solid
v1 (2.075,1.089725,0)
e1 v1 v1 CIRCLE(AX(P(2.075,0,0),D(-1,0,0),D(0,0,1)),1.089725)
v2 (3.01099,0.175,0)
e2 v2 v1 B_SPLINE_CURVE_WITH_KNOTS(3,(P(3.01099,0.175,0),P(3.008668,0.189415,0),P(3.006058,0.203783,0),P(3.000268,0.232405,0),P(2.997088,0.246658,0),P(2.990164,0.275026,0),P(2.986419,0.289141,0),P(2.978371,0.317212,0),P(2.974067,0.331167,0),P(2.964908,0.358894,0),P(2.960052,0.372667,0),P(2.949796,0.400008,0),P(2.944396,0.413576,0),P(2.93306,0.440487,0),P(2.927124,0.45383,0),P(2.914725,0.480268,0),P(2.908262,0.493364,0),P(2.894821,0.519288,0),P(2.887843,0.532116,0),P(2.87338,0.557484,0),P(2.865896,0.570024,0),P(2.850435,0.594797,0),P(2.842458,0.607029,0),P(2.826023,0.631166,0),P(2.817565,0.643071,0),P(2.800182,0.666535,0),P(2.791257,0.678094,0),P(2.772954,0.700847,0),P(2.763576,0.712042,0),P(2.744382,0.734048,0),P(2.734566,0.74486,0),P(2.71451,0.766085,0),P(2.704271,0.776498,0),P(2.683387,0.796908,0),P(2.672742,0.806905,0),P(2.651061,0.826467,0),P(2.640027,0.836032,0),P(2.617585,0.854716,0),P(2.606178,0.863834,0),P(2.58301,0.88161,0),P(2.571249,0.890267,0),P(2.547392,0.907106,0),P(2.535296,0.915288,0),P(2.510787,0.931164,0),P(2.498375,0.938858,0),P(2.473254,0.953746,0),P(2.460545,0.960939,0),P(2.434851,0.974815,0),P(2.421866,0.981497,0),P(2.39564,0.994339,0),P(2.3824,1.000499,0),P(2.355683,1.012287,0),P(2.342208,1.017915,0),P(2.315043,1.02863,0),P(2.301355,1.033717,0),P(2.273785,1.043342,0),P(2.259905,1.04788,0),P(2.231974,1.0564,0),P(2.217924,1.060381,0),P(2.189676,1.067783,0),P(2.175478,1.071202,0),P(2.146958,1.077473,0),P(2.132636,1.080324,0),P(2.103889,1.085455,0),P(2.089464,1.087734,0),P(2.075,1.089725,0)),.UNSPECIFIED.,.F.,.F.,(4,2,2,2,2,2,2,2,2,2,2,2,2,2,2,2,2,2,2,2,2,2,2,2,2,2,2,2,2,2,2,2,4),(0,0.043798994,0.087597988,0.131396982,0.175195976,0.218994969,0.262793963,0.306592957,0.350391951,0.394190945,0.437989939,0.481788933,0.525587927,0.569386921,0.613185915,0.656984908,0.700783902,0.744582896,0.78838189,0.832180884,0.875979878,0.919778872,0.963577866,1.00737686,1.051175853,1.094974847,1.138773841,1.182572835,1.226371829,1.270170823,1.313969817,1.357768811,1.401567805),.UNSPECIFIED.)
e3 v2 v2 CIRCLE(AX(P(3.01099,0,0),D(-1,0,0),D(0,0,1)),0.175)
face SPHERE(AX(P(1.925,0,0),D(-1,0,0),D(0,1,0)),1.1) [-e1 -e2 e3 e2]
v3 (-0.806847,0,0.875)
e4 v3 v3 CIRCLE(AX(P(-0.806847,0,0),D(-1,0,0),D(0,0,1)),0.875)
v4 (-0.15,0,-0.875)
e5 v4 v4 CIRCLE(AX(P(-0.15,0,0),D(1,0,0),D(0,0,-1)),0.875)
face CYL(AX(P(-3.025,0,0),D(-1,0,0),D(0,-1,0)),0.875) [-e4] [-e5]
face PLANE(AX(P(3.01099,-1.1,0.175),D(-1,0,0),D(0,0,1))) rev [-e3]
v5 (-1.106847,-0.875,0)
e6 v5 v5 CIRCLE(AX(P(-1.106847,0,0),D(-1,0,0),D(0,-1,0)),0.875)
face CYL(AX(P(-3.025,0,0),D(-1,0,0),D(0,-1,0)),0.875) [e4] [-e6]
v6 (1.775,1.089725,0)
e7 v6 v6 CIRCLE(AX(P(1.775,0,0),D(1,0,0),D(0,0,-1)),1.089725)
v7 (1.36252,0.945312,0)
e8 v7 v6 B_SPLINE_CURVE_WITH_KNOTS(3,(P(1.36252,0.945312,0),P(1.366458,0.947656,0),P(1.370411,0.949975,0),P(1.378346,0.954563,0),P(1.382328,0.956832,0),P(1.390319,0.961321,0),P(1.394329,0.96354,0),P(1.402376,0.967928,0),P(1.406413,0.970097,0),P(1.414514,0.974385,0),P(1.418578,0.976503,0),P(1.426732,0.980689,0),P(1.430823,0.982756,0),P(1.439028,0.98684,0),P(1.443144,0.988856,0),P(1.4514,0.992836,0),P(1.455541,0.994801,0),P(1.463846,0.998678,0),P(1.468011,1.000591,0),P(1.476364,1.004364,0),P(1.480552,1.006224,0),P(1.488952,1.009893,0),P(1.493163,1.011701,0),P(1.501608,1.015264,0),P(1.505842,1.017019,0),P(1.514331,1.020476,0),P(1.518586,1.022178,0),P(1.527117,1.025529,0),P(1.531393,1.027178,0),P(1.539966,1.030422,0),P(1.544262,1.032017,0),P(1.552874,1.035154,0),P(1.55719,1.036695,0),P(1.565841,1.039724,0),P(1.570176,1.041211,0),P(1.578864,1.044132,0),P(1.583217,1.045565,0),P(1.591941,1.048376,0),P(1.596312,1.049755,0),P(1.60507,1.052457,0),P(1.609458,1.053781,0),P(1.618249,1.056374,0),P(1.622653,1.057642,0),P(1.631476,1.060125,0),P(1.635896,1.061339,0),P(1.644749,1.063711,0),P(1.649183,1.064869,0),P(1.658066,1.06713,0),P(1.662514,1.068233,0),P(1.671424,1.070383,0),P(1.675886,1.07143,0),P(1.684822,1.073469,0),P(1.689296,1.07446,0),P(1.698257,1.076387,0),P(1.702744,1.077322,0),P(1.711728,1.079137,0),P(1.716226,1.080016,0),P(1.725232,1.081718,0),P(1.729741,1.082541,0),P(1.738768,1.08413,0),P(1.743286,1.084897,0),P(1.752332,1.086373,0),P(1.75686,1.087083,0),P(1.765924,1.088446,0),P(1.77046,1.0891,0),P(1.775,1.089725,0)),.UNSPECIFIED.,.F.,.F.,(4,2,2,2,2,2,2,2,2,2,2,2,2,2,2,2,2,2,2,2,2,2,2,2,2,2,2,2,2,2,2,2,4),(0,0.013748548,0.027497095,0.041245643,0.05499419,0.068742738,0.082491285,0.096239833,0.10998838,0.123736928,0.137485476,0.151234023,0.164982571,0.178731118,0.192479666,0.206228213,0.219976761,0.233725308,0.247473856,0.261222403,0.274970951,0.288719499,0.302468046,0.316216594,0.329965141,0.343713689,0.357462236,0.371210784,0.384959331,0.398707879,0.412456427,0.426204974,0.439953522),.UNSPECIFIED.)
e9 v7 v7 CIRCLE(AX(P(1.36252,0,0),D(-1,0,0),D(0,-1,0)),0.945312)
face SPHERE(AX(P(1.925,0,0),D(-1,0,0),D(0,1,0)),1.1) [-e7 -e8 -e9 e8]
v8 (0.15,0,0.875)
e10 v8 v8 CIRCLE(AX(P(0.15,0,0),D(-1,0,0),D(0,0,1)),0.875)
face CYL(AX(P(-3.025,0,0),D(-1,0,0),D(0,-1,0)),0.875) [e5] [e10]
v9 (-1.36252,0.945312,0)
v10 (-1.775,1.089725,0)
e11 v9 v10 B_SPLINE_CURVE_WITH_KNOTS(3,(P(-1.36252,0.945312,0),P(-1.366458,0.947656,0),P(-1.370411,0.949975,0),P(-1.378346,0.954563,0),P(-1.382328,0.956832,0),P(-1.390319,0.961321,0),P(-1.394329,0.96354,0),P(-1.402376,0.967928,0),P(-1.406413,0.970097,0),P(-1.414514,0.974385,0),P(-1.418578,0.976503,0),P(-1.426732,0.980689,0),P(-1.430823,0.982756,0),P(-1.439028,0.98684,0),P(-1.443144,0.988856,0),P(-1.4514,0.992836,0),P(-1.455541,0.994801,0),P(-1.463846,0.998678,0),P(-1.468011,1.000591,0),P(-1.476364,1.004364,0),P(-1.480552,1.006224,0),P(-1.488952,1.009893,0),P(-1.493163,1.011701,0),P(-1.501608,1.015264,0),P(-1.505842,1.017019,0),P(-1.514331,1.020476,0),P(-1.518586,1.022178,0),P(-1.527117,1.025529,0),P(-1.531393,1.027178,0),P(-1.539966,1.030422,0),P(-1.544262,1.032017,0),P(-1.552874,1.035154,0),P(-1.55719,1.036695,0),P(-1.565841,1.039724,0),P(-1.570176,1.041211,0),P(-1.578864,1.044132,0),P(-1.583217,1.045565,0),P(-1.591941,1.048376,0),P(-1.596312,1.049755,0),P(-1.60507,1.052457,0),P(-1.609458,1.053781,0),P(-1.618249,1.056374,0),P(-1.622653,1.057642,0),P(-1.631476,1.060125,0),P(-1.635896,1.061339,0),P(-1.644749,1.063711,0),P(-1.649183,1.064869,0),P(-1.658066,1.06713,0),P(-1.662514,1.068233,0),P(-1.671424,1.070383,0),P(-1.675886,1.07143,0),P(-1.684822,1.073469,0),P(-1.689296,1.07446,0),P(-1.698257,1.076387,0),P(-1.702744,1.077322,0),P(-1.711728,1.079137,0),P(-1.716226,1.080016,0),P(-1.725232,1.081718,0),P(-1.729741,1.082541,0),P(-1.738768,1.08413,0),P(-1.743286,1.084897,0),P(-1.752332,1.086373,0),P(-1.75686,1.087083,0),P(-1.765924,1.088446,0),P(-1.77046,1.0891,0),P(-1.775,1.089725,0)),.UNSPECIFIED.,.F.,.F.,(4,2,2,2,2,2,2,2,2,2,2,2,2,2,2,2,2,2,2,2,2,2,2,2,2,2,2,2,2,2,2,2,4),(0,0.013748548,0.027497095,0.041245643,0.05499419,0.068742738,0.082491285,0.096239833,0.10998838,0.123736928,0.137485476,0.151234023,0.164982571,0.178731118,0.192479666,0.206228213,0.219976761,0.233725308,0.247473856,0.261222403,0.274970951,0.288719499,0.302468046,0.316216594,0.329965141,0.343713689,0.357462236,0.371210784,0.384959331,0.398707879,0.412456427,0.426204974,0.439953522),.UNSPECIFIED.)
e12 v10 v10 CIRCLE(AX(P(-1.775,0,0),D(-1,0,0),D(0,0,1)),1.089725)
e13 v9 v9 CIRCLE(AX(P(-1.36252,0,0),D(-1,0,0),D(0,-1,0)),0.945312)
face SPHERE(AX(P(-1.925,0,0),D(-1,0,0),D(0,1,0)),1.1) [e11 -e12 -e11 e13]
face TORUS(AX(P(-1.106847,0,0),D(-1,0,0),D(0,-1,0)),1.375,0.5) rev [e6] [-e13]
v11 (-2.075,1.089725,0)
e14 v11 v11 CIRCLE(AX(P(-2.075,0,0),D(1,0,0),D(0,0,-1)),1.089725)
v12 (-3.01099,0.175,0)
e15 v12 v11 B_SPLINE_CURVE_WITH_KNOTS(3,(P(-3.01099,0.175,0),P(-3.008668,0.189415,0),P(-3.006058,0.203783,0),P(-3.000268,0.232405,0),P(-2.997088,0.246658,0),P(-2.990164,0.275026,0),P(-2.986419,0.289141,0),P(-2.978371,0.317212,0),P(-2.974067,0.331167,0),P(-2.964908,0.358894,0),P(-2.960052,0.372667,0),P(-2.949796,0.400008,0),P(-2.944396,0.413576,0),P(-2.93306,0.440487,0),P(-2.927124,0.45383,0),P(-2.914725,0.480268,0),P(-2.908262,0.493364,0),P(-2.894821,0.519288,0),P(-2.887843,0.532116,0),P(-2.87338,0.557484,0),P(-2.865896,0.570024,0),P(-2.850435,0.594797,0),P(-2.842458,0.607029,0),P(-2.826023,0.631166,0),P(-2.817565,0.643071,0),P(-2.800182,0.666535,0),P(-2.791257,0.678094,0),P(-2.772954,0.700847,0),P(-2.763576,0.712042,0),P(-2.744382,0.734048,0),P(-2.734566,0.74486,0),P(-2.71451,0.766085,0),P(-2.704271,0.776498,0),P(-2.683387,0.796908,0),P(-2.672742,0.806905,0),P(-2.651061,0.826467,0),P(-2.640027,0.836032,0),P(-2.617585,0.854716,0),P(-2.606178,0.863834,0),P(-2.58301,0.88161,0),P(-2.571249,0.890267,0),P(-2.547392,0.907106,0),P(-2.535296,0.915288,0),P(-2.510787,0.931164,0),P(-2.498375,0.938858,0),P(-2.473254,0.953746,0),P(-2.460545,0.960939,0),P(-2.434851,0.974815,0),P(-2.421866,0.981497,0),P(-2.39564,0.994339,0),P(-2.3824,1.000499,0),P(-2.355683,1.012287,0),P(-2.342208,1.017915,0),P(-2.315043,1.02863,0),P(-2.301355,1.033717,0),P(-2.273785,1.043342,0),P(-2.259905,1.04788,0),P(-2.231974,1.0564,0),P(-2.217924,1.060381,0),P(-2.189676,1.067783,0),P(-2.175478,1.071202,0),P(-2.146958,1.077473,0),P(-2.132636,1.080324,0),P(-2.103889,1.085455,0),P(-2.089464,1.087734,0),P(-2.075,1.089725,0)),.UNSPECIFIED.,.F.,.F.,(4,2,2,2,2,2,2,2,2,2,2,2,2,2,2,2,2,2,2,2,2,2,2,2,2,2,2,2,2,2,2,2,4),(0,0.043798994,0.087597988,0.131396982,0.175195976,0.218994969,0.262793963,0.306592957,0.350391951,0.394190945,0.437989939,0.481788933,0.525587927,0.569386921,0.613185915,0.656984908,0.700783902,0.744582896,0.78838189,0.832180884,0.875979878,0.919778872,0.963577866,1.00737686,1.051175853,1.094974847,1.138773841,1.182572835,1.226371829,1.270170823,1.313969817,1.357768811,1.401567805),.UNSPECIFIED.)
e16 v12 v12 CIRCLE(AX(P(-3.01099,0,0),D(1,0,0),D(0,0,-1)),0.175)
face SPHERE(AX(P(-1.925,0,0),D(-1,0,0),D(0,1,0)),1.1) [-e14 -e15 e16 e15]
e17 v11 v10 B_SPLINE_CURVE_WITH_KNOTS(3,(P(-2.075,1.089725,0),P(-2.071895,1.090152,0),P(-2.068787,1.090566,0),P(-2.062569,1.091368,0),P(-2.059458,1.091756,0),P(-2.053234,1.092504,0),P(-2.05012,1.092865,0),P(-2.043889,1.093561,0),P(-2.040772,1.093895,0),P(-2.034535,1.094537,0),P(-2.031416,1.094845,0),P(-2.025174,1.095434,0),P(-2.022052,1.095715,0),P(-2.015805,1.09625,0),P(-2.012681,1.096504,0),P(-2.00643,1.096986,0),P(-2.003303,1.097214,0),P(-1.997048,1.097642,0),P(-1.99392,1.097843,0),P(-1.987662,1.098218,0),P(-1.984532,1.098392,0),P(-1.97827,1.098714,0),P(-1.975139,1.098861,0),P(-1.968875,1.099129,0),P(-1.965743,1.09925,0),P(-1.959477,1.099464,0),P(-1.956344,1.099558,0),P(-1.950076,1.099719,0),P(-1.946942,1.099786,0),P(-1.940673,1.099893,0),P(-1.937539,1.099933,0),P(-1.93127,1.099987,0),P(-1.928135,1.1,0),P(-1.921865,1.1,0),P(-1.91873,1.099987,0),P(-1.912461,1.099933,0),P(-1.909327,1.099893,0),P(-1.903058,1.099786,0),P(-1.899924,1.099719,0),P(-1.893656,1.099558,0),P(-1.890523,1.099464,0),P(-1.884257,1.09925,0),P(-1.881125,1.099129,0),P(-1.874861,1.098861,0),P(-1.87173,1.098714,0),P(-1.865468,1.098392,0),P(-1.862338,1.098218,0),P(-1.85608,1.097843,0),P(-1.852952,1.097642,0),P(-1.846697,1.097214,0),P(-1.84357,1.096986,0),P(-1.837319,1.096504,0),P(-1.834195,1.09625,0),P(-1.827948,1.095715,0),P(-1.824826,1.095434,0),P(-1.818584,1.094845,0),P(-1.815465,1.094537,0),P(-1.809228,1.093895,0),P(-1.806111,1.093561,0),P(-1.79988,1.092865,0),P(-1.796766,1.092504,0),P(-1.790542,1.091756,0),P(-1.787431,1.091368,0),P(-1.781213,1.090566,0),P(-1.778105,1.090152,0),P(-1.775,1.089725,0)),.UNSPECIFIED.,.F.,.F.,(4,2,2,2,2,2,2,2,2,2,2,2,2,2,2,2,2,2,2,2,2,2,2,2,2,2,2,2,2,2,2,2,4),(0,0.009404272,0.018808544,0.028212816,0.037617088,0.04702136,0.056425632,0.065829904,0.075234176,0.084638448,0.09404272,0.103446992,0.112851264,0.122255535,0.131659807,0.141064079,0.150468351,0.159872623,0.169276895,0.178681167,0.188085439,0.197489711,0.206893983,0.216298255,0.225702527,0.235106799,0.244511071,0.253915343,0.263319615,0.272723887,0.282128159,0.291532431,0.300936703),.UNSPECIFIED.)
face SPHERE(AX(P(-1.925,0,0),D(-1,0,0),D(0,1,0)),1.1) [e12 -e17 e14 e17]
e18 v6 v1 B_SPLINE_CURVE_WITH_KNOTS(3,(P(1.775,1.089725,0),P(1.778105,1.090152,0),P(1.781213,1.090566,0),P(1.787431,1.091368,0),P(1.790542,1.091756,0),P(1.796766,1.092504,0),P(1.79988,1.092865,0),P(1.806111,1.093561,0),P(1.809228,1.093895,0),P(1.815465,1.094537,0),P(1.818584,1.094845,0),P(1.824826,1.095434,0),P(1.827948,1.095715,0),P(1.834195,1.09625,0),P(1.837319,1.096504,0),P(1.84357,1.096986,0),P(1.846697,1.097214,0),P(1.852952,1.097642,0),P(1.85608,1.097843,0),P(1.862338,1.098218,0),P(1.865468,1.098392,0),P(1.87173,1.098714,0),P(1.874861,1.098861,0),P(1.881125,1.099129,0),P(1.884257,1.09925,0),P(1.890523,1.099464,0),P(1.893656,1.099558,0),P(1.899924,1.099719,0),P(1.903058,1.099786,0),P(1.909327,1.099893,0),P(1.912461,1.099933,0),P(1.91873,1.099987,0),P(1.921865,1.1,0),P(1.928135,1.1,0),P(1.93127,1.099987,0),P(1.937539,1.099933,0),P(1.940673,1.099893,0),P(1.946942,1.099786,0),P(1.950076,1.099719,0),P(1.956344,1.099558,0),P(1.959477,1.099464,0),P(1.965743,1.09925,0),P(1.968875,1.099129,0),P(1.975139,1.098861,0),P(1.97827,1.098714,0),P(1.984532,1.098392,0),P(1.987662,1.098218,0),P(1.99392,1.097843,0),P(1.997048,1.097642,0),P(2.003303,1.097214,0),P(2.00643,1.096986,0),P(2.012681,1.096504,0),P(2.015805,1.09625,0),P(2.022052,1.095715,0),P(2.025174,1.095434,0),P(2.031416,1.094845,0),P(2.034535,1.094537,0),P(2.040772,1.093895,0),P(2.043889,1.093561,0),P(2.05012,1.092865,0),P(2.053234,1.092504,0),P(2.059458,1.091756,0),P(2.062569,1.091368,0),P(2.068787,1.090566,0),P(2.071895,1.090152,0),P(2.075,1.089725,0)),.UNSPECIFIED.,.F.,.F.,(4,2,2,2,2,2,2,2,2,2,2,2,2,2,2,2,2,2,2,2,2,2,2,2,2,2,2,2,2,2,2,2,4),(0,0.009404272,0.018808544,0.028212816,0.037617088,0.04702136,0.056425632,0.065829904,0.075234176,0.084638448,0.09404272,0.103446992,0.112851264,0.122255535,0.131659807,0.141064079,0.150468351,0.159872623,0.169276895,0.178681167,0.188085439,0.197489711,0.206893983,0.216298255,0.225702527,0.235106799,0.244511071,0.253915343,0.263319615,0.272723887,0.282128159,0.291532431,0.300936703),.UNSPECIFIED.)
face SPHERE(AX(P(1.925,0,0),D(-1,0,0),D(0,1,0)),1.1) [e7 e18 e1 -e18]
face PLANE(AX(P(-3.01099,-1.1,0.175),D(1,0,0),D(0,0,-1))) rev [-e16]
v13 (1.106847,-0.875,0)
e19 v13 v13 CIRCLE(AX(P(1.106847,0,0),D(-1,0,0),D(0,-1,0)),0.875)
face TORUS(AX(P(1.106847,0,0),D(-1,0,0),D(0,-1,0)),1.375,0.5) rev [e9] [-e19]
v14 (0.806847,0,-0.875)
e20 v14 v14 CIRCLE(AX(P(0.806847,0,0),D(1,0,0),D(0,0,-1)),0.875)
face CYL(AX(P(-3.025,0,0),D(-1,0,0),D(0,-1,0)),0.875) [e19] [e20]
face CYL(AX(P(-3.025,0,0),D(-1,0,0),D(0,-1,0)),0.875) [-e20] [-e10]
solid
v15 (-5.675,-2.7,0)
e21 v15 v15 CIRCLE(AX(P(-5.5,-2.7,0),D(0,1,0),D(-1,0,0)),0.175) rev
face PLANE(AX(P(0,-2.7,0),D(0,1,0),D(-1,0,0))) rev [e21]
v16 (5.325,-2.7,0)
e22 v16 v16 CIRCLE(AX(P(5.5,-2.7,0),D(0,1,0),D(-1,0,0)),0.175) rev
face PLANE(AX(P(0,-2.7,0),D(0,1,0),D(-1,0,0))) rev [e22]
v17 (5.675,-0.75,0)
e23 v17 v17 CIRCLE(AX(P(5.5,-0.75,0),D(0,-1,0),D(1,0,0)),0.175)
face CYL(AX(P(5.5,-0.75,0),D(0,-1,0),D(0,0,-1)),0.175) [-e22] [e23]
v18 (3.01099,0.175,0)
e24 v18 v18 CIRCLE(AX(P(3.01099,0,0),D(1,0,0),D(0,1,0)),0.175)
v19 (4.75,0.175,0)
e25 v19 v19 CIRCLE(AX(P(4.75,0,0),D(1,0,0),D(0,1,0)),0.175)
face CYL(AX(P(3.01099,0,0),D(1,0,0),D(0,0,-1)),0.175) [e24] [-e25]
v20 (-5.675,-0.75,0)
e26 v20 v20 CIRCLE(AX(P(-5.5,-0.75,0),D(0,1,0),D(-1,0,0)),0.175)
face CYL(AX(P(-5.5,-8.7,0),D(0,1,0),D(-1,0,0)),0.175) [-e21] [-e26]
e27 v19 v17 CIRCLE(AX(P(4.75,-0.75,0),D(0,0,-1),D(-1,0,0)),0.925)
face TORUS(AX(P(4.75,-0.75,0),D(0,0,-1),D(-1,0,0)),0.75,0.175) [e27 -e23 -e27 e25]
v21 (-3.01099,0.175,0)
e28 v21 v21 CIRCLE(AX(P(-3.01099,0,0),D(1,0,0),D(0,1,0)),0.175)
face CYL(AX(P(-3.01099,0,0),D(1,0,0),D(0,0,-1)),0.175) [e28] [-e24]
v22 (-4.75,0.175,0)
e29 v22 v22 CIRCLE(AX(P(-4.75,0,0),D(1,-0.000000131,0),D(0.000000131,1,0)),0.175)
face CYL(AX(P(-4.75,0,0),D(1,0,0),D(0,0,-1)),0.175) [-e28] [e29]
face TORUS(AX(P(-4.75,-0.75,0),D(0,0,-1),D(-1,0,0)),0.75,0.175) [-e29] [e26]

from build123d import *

# Parameters (mm, degrees)
CUT_EXTRUDE1_DEPTH      = 4.401562141
CUT_EXTRUDE1_DEPTH_BACK = 4.401562141
SKETCH4_W               = 0.028019338
SKETCH4_H               = 0.35
SKETCH9_R               = 0.175
CROQUIS1_W              = 20
CROQUIS1_H              = 20
CORTAR_EXTRUIR1_DEPTH   = 6


with BuildPart() as part:
    # Sketch1 → Revolve1 (revolve)
    with BuildSketch(Plane.XY, mode=Mode.PRIVATE) as revolve1_sk:
        with BuildLine():
            Line((-1.106846591, 0.875), (1.106846591, 0.875))
            ThreePointArc((1.106846591, 0.875), (1.239429113, 0.892898481), (1.362519532, 0.9453125))
            ThreePointArc((1.362519532, 0.9453125), (2.468723958, 0.956223958), (3.025, 0))
            Line((3.025, 0), (-3.025, 0))
            ThreePointArc((-3.025, 0), (-2.468723958, 0.956223958), (-1.362519532, 0.9453125))
            ThreePointArc((-1.362519532, 0.9453125), (-1.239429113, 0.892898481), (-1.106846591, 0.875))
        make_face()
    revolve(revolve1_sk.sketch.rotate(Axis((-3.025, 0, 0), (1, 0, 0)), 180), axis=Axis((-3.025, 0, 0), (1, 0, 0)))

    # Sketch4 → Cut-Extrude1 (cut, two sides: drawn at the far end of the back side and taken through both)
    with BuildSketch(Plane(origin=(0, 0, 0), x_dir=(1, 0, 0), z_dir=(0, 1, 0)).offset(-CUT_EXTRUDE1_DEPTH_BACK)):
        with Locations((-3.025, 0)):
            Rectangle(SKETCH4_W, SKETCH4_H)
        with Locations((3.025, 0)):
            Rectangle(SKETCH4_W, SKETCH4_H)
    extrude(amount=CUT_EXTRUDE1_DEPTH + CUT_EXTRUDE1_DEPTH_BACK, mode=Mode.SUBTRACT)


with BuildPart() as body_2:
    # Sweep4: sweep along a path in Sketch7
    with BuildLine(Plane.XY) as sweep4_path:
        Line((5.499999951, -8.7), (5.499999951, -0.75))
        ThreePointArc((5.499999951, -0.75), (5.280330037, -0.219669914), (4.749999951, 0))
        Line((4.749999951, 0), (3.010990331, 0))
        Line((3.010990331, 0), (-3.010990331, 0))
        Line((-3.010990331, 0), (-4.749999951, 0))
        ThreePointArc((-4.749999951, 0), (-5.2803301, -0.219669879), (-5.500000049, -0.75))
        Line((-5.500000049, -0.75), (-5.500000049, -8.7))
    # Sketch9 → Sweep4 (sweep)
    with BuildSketch(Plane(origin=(-5.500000049, -8.7, 0), x_dir=(1, 0, 0), z_dir=(0, 1, 0))):
        Circle(SKETCH9_R)
    sweep(path=sweep4_path.line)

    # Croquis1 → Cortar-Extruir1 (cut)
    with BuildSketch(Plane.XZ.offset(8.7)):
        Rectangle(CROQUIS1_W, CROQUIS1_H)
    extrude(amount=-CORTAR_EXTRUIR1_DEPTH, mode=Mode.SUBTRACT)


solid = Compound([part.part, body_2.part])
